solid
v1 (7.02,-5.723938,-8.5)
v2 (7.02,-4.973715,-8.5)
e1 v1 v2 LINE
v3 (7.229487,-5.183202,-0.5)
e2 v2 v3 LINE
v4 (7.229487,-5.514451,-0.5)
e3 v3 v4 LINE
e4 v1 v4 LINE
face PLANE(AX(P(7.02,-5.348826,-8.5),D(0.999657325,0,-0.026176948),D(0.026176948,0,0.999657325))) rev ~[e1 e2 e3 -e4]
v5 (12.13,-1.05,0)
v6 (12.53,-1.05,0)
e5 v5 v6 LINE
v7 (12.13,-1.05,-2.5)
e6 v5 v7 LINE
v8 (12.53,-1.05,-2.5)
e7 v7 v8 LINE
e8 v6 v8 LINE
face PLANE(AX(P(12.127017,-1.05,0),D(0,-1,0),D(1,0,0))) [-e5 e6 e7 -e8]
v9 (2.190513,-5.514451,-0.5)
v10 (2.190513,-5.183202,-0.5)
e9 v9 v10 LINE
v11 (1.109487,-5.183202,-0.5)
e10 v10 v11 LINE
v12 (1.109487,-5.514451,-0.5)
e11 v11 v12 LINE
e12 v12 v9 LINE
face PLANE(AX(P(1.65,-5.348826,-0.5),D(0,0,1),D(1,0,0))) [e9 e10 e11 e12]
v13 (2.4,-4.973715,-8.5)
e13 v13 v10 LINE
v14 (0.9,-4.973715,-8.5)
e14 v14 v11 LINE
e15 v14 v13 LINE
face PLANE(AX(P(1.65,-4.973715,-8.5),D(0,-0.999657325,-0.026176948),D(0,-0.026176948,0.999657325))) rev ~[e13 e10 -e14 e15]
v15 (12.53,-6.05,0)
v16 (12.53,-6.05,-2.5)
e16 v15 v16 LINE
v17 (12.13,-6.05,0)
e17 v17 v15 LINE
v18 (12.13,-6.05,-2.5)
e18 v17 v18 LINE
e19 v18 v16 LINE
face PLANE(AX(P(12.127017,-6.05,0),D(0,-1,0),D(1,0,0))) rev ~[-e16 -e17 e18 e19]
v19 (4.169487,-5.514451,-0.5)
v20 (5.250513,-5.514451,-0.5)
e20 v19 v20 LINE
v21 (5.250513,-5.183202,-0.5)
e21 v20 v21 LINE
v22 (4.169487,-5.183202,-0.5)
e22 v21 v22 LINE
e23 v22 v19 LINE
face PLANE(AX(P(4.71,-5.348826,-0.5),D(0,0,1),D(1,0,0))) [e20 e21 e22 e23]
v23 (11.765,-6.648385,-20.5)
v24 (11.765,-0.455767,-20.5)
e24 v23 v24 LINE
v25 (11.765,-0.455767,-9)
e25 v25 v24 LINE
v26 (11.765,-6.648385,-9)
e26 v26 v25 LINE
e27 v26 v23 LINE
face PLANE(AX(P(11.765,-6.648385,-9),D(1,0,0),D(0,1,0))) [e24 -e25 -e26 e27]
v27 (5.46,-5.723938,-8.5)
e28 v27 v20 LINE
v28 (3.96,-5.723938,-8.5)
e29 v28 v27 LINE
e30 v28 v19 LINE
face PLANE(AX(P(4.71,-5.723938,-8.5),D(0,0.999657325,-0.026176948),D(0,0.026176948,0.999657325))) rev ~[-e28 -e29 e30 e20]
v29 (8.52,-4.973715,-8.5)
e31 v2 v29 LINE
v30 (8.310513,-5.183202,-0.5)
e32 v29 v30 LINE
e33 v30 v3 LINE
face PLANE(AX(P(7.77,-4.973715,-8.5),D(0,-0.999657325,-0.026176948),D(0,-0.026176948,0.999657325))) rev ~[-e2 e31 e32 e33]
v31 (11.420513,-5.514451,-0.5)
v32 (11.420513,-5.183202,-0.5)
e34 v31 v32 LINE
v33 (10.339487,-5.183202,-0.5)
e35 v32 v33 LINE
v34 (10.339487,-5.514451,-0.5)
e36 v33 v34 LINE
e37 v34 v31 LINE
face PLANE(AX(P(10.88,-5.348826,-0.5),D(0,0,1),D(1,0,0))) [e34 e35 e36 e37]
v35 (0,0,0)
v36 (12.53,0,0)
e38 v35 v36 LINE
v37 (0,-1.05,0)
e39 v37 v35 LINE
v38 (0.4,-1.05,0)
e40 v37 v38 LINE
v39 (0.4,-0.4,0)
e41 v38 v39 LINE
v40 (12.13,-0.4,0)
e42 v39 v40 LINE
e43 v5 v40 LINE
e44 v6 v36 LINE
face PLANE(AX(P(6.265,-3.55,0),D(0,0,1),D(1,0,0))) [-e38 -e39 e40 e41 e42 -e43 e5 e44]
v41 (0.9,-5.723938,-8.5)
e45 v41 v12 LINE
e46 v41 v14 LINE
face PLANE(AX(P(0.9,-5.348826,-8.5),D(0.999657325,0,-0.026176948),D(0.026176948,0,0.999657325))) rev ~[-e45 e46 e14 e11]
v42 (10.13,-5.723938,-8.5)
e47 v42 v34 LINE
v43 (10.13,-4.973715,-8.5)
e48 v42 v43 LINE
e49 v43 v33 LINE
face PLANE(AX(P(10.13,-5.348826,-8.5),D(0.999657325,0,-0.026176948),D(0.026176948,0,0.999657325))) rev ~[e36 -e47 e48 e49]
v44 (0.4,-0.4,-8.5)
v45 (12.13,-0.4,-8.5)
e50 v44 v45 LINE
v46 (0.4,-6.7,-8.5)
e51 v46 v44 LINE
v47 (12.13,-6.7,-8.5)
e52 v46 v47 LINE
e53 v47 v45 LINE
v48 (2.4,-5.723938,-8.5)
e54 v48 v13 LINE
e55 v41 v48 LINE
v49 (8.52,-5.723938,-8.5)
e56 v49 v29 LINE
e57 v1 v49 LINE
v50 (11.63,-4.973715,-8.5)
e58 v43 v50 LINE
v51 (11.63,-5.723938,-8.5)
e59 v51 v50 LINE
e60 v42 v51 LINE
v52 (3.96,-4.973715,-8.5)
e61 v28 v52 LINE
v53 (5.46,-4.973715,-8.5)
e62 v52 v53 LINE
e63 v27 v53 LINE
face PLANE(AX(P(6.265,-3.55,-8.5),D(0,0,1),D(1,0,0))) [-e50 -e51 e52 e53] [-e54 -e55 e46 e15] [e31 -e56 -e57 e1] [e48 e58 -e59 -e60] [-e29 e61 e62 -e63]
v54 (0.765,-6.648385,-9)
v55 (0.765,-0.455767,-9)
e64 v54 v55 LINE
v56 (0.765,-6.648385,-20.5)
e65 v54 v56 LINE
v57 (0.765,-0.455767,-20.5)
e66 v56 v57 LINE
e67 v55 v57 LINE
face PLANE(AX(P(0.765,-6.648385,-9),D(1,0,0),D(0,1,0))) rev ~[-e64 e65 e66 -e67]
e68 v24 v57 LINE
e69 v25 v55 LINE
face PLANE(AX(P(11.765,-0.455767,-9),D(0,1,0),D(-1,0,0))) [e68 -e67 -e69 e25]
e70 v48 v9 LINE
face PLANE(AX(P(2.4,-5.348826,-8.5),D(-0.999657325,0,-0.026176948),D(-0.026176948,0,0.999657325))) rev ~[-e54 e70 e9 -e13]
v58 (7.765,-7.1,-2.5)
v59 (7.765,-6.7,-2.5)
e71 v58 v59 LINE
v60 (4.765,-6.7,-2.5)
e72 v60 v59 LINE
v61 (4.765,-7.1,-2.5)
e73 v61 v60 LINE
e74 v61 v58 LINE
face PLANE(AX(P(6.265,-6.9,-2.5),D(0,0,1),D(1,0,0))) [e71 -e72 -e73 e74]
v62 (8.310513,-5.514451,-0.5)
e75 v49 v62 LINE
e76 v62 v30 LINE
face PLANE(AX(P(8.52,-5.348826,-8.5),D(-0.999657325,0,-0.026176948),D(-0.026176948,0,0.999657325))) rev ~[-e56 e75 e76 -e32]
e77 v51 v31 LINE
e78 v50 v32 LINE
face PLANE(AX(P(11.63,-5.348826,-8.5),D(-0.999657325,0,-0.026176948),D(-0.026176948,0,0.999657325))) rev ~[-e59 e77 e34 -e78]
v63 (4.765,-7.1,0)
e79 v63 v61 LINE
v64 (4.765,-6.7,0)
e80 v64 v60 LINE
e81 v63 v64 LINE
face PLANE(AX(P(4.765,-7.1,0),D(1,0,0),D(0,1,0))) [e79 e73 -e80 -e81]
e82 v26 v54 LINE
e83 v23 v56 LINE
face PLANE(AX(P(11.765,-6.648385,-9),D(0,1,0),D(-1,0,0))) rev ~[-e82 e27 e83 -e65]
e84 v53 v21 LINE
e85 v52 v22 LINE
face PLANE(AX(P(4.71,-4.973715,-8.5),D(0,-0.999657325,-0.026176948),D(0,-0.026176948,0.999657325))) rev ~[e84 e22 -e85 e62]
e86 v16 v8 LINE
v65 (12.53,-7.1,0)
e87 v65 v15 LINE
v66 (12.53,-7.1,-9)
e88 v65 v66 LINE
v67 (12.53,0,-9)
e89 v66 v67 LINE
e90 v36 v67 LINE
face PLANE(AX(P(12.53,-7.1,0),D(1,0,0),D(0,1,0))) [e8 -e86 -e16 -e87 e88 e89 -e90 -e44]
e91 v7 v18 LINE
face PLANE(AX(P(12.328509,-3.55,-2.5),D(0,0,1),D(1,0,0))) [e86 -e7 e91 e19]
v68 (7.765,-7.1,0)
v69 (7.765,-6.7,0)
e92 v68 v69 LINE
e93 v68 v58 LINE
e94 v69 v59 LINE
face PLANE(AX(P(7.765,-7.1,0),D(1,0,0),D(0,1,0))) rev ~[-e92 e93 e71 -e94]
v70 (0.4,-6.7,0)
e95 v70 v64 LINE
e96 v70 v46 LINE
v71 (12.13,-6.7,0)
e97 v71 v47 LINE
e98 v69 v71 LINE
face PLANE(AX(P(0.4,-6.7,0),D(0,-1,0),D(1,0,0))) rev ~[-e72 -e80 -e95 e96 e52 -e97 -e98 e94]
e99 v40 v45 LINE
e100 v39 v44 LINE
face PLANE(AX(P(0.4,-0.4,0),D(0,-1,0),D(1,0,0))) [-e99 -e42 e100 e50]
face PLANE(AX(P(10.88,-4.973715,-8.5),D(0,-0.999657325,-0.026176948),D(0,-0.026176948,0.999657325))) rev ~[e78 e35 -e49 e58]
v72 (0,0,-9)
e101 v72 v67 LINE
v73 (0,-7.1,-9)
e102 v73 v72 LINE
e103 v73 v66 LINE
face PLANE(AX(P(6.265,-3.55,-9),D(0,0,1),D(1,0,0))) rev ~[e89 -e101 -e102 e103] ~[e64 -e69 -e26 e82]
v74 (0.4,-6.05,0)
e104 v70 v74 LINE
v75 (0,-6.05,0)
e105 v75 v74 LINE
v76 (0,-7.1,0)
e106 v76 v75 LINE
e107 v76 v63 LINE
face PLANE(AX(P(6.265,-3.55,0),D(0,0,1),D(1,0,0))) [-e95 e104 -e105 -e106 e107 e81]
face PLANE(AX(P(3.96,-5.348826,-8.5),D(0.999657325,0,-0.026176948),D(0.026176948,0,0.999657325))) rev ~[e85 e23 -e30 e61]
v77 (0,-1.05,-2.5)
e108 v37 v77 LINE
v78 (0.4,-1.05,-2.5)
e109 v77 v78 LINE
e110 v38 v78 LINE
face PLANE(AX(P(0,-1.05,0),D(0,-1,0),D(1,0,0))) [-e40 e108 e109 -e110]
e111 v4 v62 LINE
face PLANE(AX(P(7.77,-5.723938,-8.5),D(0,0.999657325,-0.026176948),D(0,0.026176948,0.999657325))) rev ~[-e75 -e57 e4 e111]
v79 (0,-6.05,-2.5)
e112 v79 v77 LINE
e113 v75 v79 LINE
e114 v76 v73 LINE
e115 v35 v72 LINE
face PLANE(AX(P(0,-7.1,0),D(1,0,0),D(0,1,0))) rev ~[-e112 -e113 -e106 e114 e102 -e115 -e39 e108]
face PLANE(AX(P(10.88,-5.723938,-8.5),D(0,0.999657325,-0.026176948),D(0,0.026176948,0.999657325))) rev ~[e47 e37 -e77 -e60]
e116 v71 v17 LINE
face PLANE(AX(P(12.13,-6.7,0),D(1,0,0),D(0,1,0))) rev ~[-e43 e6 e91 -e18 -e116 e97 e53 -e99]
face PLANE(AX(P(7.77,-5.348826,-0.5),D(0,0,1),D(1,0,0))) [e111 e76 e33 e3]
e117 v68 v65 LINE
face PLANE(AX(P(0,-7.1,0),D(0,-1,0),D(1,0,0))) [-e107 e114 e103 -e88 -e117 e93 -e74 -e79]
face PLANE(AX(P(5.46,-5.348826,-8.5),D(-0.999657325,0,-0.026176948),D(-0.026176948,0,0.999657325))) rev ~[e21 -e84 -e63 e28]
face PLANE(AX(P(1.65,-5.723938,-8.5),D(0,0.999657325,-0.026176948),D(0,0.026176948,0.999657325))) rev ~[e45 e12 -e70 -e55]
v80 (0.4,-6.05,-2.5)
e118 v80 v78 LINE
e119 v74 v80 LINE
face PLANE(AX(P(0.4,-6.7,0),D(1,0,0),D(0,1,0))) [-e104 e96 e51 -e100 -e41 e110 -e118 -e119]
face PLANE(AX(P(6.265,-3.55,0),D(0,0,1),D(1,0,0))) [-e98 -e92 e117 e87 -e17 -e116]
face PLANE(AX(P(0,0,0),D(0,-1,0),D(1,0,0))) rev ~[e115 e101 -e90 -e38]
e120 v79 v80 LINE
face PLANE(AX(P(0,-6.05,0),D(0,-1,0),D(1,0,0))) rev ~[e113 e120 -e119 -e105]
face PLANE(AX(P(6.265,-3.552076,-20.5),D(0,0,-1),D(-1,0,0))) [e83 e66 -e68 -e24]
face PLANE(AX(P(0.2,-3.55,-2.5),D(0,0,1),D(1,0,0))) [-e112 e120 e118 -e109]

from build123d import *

# Parameters (mm, degrees)
SKETCH1_W           = 12.53
SKETCH1_H           = 7.1
BOSS_EXTRUDE1_DEPTH = 9
SKETCH2_W           = 11.73
SKETCH2_H           = 6.3
CUT_EXTRUDE1_DEPTH  = 8.5
SKETCH4_W           = 0.4
SKETCH4_H           = 5
SKETCH4_W_2         = 0.402982855
SKETCH4_W_3         = 3
SKETCH4_H_2         = 0.4
CUT_EXTRUDE3_DEPTH  = 2.5
SKETCH5_W           = 1.5
SKETCH5_H           = 0.750222952
BOSS_EXTRUDE4_DEPTH = 8
BOSS_EXTRUDE4_TAPER = 1.5
SKETCH8_W           = 11
SKETCH8_H           = 6.192617785
BOSS_EXTRUDE5_DEPTH = 11.5


with BuildPart() as part:
    # Sketch1 → Boss-Extrude1 (new body)
    with BuildSketch(Plane.XY):
        with Locations((6.265, -3.55)):
            Rectangle(SKETCH1_W, SKETCH1_H)
    extrude(amount=-BOSS_EXTRUDE1_DEPTH)

    # Sketch2 → Cut-Extrude1 (cut)
    with BuildSketch(Plane.XY):
        with Locations((6.265, -3.55)):
            Rectangle(SKETCH2_W, SKETCH2_H)
    extrude(amount=-CUT_EXTRUDE1_DEPTH, mode=Mode.SUBTRACT)

    # Sketch4 → Cut-Extrude3 (cut)
    with BuildSketch(Plane.XY):
        with Locations((0.2, -3.55)):
            Rectangle(SKETCH4_W, SKETCH4_H)
        with Locations((12.328508573, -3.55)):
            Rectangle(SKETCH4_W_2, SKETCH4_H)
        with Locations((6.265, -6.9)):
            Rectangle(SKETCH4_W_3, SKETCH4_H_2)
    extrude(amount=-CUT_EXTRUDE3_DEPTH, mode=Mode.SUBTRACT)

    # Sketch5 → Boss-Extrude4 (add)
    with BuildSketch(Plane.XY.offset(-8.5)):
        with Locations((1.65, -5.348826407)):
            Rectangle(SKETCH5_W, SKETCH5_H)
        with Locations((4.71, -5.348826407)):
            Rectangle(SKETCH5_W, SKETCH5_H)
        with Locations((7.77, -5.348826407)):
            Rectangle(SKETCH5_W, SKETCH5_H)
        with Locations((10.88, -5.348826407)):
            Rectangle(SKETCH5_W, SKETCH5_H)
    extrude(amount=BOSS_EXTRUDE4_DEPTH, taper=BOSS_EXTRUDE4_TAPER)

    # Sketch8 → Boss-Extrude5 (add)
    with BuildSketch(Plane(origin=(0, 0, -9), x_dir=(-1, 0, 0), z_dir=(0, 0, -1))):
        with Locations((-6.265, -3.552075665)):
            Rectangle(SKETCH8_W, SKETCH8_H)
    extrude(amount=BOSS_EXTRUDE5_DEPTH)


solid = part.part
